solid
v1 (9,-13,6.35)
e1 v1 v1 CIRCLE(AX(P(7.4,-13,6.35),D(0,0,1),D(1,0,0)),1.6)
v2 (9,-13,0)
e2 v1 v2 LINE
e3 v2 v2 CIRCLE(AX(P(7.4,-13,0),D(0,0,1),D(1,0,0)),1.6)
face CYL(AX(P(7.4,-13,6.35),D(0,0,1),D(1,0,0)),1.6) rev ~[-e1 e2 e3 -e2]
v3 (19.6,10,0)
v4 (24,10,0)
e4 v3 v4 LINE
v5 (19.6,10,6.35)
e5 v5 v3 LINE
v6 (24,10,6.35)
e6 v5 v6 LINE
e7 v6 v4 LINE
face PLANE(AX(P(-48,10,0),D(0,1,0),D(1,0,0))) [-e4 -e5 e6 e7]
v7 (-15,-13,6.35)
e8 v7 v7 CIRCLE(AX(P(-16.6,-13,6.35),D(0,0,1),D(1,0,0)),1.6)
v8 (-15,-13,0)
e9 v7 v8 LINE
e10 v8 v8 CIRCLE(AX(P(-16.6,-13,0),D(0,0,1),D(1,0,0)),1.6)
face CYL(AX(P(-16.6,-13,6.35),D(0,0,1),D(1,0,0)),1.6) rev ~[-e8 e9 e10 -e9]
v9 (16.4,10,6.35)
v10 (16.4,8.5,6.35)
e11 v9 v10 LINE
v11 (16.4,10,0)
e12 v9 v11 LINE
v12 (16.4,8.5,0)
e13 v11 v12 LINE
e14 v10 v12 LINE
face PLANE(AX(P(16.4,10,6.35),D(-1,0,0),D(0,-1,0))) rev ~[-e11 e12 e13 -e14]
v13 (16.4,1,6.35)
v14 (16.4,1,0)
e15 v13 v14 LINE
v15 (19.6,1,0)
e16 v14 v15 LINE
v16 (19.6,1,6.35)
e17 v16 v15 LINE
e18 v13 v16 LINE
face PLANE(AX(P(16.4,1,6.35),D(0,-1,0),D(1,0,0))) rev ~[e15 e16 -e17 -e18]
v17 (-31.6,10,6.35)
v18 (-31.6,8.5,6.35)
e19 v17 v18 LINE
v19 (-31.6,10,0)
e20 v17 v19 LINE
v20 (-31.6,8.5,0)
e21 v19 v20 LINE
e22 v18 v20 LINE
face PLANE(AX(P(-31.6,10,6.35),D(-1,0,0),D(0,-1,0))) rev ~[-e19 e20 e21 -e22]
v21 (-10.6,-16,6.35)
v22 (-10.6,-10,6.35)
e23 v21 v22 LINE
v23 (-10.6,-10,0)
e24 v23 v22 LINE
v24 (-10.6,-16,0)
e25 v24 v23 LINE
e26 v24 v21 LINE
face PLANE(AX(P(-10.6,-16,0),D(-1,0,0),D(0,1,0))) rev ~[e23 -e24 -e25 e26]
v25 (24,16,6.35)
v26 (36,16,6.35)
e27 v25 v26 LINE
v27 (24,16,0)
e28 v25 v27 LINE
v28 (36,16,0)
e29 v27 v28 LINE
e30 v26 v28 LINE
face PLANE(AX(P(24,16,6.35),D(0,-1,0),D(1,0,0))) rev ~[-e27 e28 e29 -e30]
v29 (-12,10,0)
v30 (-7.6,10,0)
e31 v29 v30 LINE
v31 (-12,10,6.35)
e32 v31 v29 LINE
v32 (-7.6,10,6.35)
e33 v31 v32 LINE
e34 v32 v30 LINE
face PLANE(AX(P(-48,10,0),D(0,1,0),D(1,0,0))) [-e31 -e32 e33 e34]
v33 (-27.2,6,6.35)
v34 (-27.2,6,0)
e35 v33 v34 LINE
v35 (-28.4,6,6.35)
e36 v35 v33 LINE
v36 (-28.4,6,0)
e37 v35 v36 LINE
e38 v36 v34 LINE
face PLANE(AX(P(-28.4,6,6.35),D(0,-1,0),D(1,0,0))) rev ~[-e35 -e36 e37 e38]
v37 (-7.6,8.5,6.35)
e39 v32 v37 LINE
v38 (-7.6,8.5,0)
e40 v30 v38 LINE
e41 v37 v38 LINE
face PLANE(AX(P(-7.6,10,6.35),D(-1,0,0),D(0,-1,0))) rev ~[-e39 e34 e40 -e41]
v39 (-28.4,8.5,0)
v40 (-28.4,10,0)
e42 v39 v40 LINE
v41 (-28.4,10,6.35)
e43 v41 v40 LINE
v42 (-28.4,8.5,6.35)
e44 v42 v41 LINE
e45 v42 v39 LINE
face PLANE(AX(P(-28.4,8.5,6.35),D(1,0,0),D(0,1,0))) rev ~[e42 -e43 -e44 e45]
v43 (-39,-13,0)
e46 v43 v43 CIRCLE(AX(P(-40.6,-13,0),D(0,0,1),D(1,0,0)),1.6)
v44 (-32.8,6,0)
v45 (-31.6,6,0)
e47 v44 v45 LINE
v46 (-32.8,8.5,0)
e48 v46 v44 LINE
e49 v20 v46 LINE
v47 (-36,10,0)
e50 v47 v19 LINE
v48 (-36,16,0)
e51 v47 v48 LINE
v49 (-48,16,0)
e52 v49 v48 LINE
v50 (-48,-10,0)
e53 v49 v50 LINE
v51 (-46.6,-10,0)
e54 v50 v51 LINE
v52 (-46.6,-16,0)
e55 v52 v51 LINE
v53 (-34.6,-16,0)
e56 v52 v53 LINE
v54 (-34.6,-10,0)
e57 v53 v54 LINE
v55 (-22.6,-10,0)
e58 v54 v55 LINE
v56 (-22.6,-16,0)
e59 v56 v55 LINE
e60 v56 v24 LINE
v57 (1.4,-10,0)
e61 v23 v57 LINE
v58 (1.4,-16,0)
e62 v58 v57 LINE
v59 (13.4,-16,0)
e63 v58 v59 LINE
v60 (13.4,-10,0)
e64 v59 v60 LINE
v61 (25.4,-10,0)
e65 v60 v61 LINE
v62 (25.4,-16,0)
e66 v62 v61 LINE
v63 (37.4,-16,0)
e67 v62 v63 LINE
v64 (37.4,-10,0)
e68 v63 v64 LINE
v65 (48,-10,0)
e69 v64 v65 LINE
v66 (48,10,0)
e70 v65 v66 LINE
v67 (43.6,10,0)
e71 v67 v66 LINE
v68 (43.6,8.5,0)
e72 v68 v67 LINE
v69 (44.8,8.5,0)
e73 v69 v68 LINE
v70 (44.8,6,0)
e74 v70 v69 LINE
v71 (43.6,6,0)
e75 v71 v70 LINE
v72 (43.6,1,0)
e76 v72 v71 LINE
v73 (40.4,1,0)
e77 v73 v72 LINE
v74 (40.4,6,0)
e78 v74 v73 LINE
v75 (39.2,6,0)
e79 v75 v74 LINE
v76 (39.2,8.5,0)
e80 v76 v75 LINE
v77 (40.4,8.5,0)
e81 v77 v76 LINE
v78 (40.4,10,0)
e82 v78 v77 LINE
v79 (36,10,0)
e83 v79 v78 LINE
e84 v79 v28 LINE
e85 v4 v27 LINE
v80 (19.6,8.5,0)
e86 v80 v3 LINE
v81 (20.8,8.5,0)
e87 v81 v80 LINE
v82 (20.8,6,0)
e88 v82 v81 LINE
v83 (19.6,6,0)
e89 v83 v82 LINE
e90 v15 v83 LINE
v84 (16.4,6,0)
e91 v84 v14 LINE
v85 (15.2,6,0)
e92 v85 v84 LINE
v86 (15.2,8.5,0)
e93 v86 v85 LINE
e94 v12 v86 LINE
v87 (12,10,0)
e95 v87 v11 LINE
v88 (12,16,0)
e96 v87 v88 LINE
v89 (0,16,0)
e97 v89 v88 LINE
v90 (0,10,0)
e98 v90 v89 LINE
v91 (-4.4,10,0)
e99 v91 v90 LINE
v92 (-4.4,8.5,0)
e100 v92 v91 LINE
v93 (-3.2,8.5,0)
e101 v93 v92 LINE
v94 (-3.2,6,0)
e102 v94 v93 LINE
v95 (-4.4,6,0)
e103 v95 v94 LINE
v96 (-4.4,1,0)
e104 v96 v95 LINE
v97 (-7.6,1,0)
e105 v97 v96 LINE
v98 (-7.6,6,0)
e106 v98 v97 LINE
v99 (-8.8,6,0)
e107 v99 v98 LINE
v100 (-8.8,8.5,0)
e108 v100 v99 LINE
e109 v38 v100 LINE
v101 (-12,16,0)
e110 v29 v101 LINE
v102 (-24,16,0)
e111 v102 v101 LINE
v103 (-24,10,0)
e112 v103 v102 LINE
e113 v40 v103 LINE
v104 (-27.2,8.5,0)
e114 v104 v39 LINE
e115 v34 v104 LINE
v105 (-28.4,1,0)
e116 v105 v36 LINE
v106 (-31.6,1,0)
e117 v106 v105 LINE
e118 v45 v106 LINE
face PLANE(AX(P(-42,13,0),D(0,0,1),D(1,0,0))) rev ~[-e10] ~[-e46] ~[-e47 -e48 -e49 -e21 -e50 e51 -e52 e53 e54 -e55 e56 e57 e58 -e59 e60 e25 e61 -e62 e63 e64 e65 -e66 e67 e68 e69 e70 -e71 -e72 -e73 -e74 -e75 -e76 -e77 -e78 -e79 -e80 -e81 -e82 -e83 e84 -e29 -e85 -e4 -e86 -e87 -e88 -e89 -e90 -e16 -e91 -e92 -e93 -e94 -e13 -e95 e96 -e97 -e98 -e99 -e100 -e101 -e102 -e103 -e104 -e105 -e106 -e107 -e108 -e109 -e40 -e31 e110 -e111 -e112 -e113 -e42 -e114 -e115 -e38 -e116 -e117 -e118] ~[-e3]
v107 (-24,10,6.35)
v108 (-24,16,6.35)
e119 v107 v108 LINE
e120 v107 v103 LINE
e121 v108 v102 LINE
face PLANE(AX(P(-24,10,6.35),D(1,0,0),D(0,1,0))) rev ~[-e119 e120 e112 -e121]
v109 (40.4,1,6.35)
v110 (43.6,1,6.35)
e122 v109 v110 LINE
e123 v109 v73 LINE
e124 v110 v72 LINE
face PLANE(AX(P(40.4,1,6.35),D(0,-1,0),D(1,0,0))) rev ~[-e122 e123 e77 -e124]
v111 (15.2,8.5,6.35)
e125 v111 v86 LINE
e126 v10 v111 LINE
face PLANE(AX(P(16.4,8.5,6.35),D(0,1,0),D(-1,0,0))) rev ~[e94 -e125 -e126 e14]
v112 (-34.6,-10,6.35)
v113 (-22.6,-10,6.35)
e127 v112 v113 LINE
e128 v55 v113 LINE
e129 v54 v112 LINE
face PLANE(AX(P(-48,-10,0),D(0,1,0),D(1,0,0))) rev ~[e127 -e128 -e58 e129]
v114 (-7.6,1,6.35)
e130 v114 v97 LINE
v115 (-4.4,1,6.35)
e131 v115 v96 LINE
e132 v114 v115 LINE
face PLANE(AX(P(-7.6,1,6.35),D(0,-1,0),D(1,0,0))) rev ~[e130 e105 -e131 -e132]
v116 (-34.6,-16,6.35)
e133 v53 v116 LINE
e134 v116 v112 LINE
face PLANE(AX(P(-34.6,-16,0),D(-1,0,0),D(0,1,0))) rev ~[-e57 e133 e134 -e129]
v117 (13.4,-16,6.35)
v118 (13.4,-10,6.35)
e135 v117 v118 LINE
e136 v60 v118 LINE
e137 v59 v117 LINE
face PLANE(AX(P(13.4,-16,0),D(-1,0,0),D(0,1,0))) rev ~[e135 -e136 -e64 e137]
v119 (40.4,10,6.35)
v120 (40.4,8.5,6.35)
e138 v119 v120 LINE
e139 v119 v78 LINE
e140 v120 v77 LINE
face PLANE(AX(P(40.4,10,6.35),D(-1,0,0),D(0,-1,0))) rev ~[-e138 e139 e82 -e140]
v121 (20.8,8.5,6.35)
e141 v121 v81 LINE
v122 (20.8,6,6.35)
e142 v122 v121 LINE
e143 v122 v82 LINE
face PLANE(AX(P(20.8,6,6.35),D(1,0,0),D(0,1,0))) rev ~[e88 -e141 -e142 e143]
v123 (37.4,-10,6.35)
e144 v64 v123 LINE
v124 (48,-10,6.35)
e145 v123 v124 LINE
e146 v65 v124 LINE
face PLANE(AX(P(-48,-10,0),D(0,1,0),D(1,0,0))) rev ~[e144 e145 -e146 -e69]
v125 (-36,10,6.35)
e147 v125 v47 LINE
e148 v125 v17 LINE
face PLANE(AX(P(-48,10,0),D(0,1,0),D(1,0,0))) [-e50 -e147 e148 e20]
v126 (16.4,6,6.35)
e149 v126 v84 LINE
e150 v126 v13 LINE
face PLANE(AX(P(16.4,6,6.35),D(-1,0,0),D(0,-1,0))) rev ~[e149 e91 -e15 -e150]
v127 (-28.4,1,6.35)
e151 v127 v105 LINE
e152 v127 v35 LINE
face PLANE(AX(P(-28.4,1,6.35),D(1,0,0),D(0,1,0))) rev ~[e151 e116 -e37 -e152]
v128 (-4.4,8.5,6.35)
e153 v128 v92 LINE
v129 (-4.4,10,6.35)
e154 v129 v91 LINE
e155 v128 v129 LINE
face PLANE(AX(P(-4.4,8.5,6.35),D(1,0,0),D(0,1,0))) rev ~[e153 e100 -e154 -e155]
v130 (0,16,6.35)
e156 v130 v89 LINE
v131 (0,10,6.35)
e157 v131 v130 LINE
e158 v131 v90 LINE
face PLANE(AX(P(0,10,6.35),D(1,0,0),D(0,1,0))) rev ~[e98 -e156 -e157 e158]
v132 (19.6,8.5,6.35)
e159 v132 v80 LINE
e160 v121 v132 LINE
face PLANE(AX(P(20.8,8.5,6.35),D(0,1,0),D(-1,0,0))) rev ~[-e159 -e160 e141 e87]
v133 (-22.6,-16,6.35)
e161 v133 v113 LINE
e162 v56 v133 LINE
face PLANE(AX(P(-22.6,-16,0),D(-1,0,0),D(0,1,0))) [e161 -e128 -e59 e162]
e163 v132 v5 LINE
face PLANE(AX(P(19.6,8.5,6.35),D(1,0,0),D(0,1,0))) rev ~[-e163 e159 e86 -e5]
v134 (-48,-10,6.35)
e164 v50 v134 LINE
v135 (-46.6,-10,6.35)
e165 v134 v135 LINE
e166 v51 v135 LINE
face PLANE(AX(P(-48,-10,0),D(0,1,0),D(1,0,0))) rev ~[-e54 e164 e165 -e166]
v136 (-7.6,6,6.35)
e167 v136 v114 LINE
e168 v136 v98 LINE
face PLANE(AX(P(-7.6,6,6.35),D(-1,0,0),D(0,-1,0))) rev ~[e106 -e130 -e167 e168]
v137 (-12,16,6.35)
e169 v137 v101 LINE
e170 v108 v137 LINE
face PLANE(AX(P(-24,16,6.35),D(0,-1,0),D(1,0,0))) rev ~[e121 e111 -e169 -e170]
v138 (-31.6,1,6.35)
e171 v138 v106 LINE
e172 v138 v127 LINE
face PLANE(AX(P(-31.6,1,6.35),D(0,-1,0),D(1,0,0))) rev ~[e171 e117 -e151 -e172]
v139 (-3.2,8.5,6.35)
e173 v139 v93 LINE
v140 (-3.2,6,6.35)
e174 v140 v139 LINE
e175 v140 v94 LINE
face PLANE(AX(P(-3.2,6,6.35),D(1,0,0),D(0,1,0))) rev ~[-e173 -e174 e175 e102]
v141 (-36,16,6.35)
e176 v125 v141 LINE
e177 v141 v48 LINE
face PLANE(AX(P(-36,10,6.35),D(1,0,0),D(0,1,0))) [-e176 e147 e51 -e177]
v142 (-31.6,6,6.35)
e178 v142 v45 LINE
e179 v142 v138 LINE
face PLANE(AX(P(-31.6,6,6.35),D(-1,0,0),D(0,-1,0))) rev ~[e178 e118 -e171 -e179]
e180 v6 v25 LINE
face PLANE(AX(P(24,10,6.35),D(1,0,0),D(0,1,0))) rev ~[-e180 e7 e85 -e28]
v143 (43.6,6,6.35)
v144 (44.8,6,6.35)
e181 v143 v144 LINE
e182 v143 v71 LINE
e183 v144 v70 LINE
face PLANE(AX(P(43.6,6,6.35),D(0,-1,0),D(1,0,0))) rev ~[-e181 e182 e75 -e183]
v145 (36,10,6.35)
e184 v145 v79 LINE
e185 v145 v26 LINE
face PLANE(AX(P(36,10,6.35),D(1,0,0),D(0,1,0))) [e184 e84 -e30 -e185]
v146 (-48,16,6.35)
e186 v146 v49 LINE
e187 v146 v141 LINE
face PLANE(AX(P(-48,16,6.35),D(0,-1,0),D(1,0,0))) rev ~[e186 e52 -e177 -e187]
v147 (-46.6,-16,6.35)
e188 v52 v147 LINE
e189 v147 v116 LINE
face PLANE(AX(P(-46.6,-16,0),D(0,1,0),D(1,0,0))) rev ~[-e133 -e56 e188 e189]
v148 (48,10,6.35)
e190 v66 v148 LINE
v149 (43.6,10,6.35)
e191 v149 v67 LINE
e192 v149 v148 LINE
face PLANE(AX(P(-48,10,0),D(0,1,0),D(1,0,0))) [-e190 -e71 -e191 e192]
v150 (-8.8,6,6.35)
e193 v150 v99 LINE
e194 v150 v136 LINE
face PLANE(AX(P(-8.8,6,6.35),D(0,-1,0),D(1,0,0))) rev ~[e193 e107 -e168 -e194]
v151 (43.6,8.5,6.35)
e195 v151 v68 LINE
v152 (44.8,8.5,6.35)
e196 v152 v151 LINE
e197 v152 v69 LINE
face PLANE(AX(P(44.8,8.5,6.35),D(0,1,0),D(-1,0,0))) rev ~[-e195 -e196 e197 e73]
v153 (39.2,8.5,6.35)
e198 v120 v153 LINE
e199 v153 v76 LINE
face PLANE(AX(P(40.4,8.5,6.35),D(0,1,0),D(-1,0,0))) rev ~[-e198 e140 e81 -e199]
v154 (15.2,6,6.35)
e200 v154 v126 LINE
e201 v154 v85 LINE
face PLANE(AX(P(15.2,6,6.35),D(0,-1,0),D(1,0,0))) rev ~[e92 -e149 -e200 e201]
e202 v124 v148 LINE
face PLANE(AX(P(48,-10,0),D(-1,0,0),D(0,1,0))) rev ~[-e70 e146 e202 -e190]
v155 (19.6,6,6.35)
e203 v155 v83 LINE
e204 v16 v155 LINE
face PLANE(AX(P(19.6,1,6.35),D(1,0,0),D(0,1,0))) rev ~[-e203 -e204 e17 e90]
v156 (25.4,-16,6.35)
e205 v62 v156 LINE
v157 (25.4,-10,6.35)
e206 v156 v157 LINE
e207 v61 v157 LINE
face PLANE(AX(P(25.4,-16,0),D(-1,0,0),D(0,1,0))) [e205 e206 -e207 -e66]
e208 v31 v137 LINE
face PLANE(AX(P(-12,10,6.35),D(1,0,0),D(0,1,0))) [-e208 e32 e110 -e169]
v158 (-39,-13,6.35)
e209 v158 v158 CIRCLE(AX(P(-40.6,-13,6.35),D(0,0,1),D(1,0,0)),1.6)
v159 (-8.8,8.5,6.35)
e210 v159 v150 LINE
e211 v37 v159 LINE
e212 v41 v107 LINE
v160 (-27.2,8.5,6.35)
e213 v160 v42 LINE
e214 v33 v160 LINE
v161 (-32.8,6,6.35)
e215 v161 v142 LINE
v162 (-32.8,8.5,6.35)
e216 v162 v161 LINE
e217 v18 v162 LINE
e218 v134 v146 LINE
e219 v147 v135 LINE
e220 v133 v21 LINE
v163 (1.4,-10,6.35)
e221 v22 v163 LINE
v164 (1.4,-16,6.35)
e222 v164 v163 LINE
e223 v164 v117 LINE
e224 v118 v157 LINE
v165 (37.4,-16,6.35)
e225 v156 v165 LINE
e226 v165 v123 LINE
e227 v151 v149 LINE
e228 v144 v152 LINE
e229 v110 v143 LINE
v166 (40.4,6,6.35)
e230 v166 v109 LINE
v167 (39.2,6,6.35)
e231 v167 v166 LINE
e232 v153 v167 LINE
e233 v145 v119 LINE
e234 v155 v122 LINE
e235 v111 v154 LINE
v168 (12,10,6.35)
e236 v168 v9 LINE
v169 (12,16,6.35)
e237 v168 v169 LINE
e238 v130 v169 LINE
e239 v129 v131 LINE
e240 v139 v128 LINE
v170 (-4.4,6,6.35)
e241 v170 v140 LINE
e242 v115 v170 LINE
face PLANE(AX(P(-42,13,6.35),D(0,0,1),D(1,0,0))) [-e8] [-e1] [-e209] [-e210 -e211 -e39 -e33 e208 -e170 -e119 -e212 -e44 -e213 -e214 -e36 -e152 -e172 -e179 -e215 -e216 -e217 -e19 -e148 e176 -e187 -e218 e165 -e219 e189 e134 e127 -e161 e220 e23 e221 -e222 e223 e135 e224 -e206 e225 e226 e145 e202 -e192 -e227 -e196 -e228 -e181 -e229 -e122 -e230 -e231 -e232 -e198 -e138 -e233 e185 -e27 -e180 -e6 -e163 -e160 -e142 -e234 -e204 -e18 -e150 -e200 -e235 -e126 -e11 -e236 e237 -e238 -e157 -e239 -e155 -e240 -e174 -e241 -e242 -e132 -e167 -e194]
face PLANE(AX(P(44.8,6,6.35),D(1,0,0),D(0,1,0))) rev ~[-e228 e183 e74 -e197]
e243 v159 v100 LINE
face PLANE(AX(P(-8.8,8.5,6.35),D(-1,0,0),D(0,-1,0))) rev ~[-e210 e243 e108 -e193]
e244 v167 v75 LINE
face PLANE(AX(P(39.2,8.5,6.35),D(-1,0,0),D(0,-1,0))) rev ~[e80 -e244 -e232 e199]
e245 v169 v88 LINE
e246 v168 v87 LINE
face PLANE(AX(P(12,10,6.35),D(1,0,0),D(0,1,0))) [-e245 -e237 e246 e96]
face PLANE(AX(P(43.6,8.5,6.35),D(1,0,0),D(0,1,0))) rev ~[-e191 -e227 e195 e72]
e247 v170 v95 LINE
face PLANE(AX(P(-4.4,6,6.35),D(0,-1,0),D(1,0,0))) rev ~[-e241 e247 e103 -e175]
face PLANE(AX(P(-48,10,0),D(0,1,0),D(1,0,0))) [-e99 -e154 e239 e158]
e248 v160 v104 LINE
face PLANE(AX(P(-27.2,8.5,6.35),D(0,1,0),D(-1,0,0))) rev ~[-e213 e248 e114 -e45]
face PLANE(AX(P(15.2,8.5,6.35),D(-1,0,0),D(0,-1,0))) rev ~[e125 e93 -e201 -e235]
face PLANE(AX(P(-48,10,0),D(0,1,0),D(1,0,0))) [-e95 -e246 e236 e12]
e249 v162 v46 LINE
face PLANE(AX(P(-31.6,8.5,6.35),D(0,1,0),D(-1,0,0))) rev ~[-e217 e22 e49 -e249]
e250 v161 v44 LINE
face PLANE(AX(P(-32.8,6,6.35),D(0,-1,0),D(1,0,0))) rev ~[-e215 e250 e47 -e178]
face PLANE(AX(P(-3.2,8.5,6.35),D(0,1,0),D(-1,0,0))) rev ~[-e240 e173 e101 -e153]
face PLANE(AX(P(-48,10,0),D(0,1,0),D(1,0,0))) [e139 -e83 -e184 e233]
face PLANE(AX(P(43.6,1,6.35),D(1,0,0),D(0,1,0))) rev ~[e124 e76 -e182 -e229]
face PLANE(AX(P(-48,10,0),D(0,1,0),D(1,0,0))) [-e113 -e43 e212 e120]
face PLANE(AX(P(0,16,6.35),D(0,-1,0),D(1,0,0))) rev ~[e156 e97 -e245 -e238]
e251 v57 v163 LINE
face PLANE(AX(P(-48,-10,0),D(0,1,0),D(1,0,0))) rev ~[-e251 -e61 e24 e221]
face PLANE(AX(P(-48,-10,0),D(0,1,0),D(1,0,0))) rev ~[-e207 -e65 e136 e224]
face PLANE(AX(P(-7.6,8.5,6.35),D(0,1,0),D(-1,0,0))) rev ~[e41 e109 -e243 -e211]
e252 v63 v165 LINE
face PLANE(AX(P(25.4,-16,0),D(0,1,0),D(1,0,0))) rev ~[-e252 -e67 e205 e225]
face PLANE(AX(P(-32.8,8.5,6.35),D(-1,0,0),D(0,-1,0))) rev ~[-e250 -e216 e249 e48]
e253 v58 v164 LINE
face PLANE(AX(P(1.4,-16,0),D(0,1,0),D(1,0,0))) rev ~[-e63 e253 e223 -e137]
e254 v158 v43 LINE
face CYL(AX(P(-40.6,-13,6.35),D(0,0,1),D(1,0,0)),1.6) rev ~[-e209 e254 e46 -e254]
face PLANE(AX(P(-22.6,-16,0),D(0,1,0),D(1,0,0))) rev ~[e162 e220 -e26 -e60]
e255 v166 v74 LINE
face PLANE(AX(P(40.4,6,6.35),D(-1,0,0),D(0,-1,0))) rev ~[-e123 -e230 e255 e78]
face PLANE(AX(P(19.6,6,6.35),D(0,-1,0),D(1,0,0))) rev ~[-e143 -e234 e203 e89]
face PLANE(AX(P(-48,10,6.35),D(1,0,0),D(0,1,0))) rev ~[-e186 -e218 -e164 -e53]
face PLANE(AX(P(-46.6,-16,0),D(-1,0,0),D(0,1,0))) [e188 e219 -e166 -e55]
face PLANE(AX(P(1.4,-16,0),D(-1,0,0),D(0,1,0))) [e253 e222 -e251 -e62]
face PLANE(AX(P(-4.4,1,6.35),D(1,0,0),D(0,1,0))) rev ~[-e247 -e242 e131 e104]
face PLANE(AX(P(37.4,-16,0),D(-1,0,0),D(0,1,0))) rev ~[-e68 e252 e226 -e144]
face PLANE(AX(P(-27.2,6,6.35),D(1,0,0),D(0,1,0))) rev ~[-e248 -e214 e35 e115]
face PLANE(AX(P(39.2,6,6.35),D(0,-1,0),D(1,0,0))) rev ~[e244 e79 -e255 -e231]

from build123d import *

# Parameters (mm, degrees)
SKETCH1_W           = 96
SKETCH1_H           = 20
BOSS_EXTRUDE1_DEPTH = 6.35
SKETCH2_W           = 12
SKETCH2_H           = 6
BOSS_EXTRUDE2_DEPTH = 6.35
LPATTERN2_COUNT     = 4
LPATTERN2_PITCH     = 24
CUT_EXTRUDE1_DEPTH  = 51.993357411
SKETCH6_W           = 12
SKETCH6_H           = 6
BOSS_EXTRUDE3_DEPTH = 6.35
LPATTERN3_COUNT     = 4
LPATTERN3_PITCH     = 24
SKETCH7_R           = 1.6
CUT_EXTRUDE3_DEPTH  = 51.993357411
LPATTERN4_COUNT     = 3
LPATTERN4_PITCH     = 24


with BuildPart() as part:
    # Sketch1 → Boss-Extrude1 (new body)
    with BuildSketch(Plane.XY):
        Rectangle(SKETCH1_W, SKETCH1_H)
    extrude(amount=BOSS_EXTRUDE1_DEPTH)

    # Sketch2 → Boss-Extrude2 (add)
    with BuildSketch(Plane.XY.offset(6.35)):
        with Locations((-42, 13)):
            Rectangle(SKETCH2_W, SKETCH2_H)
    boss_extrude2 = extrude(amount=-BOSS_EXTRUDE2_DEPTH)

    # LPattern2: Boss-Extrude2 ×4
    with Locations(*[(i * LPATTERN2_PITCH, 0, 0) for i in range(1, LPATTERN2_COUNT)]):
        add(boss_extrude2)

    # Sketch3 → Cut-Extrude1 (cut, through all)
    with BuildSketch(Plane.XY.offset(6.35)):
        Polygon((-31.6, 10), (-31.6, 8.5), (-32.8, 8.5), (-32.8, 6), (-31.6, 6), (-31.6, 1), (-28.4, 1), (-28.4, 6), (-27.2, 6), (-27.2, 8.5), (-28.4, 8.5), (-28.4, 10), align=None)
        Polygon((-7.6, 10), (-7.6, 8.5), (-8.8, 8.5), (-8.8, 6), (-7.6, 6), (-7.6, 1), (-4.4, 1), (-4.4, 6), (-3.2, 6), (-3.2, 8.5), (-4.4, 8.5), (-4.4, 10), align=None)
        Polygon((16.4, 10), (16.4, 8.5), (15.2, 8.5), (15.2, 6), (16.4, 6), (16.4, 1), (19.6, 1), (19.6, 6), (20.8, 6), (20.8, 8.5), (19.6, 8.5), (19.6, 10), align=None)
        Polygon((40.4, 10), (40.4, 8.5), (39.2, 8.5), (39.2, 6), (40.4, 6), (40.4, 1), (43.6, 1), (43.6, 6), (44.8, 6), (44.8, 8.5), (43.6, 8.5), (43.6, 10), align=None)
    extrude(amount=-CUT_EXTRUDE1_DEPTH, mode=Mode.SUBTRACT)

    # Sketch6 → Boss-Extrude3 (add)
    with BuildSketch(Plane.XY):
        with Locations((-40.6, -13)):
            Rectangle(SKETCH6_W, SKETCH6_H)
    boss_extrude3 = extrude(amount=BOSS_EXTRUDE3_DEPTH)

    # LPattern3: Boss-Extrude3 ×4
    with Locations(*[(i * LPATTERN3_PITCH, 0, 0) for i in range(1, LPATTERN3_COUNT)]):
        add(boss_extrude3)

    # Sketch7 → Cut-Extrude3 (cut, through all)
    with BuildSketch(Plane.XY.offset(6.35)):
        with Locations((-40.6, -13)):
            Circle(SKETCH7_R)
    cut_extrude3 = extrude(amount=-CUT_EXTRUDE3_DEPTH, mode=Mode.SUBTRACT)

    # LPattern4: Cut-Extrude3 ×3
    with Locations(*[(i * LPATTERN4_PITCH, 0, 0) for i in range(1, LPATTERN4_COUNT)]):
        add(cut_extrude3, mode=Mode.SUBTRACT)


solid = part.part
